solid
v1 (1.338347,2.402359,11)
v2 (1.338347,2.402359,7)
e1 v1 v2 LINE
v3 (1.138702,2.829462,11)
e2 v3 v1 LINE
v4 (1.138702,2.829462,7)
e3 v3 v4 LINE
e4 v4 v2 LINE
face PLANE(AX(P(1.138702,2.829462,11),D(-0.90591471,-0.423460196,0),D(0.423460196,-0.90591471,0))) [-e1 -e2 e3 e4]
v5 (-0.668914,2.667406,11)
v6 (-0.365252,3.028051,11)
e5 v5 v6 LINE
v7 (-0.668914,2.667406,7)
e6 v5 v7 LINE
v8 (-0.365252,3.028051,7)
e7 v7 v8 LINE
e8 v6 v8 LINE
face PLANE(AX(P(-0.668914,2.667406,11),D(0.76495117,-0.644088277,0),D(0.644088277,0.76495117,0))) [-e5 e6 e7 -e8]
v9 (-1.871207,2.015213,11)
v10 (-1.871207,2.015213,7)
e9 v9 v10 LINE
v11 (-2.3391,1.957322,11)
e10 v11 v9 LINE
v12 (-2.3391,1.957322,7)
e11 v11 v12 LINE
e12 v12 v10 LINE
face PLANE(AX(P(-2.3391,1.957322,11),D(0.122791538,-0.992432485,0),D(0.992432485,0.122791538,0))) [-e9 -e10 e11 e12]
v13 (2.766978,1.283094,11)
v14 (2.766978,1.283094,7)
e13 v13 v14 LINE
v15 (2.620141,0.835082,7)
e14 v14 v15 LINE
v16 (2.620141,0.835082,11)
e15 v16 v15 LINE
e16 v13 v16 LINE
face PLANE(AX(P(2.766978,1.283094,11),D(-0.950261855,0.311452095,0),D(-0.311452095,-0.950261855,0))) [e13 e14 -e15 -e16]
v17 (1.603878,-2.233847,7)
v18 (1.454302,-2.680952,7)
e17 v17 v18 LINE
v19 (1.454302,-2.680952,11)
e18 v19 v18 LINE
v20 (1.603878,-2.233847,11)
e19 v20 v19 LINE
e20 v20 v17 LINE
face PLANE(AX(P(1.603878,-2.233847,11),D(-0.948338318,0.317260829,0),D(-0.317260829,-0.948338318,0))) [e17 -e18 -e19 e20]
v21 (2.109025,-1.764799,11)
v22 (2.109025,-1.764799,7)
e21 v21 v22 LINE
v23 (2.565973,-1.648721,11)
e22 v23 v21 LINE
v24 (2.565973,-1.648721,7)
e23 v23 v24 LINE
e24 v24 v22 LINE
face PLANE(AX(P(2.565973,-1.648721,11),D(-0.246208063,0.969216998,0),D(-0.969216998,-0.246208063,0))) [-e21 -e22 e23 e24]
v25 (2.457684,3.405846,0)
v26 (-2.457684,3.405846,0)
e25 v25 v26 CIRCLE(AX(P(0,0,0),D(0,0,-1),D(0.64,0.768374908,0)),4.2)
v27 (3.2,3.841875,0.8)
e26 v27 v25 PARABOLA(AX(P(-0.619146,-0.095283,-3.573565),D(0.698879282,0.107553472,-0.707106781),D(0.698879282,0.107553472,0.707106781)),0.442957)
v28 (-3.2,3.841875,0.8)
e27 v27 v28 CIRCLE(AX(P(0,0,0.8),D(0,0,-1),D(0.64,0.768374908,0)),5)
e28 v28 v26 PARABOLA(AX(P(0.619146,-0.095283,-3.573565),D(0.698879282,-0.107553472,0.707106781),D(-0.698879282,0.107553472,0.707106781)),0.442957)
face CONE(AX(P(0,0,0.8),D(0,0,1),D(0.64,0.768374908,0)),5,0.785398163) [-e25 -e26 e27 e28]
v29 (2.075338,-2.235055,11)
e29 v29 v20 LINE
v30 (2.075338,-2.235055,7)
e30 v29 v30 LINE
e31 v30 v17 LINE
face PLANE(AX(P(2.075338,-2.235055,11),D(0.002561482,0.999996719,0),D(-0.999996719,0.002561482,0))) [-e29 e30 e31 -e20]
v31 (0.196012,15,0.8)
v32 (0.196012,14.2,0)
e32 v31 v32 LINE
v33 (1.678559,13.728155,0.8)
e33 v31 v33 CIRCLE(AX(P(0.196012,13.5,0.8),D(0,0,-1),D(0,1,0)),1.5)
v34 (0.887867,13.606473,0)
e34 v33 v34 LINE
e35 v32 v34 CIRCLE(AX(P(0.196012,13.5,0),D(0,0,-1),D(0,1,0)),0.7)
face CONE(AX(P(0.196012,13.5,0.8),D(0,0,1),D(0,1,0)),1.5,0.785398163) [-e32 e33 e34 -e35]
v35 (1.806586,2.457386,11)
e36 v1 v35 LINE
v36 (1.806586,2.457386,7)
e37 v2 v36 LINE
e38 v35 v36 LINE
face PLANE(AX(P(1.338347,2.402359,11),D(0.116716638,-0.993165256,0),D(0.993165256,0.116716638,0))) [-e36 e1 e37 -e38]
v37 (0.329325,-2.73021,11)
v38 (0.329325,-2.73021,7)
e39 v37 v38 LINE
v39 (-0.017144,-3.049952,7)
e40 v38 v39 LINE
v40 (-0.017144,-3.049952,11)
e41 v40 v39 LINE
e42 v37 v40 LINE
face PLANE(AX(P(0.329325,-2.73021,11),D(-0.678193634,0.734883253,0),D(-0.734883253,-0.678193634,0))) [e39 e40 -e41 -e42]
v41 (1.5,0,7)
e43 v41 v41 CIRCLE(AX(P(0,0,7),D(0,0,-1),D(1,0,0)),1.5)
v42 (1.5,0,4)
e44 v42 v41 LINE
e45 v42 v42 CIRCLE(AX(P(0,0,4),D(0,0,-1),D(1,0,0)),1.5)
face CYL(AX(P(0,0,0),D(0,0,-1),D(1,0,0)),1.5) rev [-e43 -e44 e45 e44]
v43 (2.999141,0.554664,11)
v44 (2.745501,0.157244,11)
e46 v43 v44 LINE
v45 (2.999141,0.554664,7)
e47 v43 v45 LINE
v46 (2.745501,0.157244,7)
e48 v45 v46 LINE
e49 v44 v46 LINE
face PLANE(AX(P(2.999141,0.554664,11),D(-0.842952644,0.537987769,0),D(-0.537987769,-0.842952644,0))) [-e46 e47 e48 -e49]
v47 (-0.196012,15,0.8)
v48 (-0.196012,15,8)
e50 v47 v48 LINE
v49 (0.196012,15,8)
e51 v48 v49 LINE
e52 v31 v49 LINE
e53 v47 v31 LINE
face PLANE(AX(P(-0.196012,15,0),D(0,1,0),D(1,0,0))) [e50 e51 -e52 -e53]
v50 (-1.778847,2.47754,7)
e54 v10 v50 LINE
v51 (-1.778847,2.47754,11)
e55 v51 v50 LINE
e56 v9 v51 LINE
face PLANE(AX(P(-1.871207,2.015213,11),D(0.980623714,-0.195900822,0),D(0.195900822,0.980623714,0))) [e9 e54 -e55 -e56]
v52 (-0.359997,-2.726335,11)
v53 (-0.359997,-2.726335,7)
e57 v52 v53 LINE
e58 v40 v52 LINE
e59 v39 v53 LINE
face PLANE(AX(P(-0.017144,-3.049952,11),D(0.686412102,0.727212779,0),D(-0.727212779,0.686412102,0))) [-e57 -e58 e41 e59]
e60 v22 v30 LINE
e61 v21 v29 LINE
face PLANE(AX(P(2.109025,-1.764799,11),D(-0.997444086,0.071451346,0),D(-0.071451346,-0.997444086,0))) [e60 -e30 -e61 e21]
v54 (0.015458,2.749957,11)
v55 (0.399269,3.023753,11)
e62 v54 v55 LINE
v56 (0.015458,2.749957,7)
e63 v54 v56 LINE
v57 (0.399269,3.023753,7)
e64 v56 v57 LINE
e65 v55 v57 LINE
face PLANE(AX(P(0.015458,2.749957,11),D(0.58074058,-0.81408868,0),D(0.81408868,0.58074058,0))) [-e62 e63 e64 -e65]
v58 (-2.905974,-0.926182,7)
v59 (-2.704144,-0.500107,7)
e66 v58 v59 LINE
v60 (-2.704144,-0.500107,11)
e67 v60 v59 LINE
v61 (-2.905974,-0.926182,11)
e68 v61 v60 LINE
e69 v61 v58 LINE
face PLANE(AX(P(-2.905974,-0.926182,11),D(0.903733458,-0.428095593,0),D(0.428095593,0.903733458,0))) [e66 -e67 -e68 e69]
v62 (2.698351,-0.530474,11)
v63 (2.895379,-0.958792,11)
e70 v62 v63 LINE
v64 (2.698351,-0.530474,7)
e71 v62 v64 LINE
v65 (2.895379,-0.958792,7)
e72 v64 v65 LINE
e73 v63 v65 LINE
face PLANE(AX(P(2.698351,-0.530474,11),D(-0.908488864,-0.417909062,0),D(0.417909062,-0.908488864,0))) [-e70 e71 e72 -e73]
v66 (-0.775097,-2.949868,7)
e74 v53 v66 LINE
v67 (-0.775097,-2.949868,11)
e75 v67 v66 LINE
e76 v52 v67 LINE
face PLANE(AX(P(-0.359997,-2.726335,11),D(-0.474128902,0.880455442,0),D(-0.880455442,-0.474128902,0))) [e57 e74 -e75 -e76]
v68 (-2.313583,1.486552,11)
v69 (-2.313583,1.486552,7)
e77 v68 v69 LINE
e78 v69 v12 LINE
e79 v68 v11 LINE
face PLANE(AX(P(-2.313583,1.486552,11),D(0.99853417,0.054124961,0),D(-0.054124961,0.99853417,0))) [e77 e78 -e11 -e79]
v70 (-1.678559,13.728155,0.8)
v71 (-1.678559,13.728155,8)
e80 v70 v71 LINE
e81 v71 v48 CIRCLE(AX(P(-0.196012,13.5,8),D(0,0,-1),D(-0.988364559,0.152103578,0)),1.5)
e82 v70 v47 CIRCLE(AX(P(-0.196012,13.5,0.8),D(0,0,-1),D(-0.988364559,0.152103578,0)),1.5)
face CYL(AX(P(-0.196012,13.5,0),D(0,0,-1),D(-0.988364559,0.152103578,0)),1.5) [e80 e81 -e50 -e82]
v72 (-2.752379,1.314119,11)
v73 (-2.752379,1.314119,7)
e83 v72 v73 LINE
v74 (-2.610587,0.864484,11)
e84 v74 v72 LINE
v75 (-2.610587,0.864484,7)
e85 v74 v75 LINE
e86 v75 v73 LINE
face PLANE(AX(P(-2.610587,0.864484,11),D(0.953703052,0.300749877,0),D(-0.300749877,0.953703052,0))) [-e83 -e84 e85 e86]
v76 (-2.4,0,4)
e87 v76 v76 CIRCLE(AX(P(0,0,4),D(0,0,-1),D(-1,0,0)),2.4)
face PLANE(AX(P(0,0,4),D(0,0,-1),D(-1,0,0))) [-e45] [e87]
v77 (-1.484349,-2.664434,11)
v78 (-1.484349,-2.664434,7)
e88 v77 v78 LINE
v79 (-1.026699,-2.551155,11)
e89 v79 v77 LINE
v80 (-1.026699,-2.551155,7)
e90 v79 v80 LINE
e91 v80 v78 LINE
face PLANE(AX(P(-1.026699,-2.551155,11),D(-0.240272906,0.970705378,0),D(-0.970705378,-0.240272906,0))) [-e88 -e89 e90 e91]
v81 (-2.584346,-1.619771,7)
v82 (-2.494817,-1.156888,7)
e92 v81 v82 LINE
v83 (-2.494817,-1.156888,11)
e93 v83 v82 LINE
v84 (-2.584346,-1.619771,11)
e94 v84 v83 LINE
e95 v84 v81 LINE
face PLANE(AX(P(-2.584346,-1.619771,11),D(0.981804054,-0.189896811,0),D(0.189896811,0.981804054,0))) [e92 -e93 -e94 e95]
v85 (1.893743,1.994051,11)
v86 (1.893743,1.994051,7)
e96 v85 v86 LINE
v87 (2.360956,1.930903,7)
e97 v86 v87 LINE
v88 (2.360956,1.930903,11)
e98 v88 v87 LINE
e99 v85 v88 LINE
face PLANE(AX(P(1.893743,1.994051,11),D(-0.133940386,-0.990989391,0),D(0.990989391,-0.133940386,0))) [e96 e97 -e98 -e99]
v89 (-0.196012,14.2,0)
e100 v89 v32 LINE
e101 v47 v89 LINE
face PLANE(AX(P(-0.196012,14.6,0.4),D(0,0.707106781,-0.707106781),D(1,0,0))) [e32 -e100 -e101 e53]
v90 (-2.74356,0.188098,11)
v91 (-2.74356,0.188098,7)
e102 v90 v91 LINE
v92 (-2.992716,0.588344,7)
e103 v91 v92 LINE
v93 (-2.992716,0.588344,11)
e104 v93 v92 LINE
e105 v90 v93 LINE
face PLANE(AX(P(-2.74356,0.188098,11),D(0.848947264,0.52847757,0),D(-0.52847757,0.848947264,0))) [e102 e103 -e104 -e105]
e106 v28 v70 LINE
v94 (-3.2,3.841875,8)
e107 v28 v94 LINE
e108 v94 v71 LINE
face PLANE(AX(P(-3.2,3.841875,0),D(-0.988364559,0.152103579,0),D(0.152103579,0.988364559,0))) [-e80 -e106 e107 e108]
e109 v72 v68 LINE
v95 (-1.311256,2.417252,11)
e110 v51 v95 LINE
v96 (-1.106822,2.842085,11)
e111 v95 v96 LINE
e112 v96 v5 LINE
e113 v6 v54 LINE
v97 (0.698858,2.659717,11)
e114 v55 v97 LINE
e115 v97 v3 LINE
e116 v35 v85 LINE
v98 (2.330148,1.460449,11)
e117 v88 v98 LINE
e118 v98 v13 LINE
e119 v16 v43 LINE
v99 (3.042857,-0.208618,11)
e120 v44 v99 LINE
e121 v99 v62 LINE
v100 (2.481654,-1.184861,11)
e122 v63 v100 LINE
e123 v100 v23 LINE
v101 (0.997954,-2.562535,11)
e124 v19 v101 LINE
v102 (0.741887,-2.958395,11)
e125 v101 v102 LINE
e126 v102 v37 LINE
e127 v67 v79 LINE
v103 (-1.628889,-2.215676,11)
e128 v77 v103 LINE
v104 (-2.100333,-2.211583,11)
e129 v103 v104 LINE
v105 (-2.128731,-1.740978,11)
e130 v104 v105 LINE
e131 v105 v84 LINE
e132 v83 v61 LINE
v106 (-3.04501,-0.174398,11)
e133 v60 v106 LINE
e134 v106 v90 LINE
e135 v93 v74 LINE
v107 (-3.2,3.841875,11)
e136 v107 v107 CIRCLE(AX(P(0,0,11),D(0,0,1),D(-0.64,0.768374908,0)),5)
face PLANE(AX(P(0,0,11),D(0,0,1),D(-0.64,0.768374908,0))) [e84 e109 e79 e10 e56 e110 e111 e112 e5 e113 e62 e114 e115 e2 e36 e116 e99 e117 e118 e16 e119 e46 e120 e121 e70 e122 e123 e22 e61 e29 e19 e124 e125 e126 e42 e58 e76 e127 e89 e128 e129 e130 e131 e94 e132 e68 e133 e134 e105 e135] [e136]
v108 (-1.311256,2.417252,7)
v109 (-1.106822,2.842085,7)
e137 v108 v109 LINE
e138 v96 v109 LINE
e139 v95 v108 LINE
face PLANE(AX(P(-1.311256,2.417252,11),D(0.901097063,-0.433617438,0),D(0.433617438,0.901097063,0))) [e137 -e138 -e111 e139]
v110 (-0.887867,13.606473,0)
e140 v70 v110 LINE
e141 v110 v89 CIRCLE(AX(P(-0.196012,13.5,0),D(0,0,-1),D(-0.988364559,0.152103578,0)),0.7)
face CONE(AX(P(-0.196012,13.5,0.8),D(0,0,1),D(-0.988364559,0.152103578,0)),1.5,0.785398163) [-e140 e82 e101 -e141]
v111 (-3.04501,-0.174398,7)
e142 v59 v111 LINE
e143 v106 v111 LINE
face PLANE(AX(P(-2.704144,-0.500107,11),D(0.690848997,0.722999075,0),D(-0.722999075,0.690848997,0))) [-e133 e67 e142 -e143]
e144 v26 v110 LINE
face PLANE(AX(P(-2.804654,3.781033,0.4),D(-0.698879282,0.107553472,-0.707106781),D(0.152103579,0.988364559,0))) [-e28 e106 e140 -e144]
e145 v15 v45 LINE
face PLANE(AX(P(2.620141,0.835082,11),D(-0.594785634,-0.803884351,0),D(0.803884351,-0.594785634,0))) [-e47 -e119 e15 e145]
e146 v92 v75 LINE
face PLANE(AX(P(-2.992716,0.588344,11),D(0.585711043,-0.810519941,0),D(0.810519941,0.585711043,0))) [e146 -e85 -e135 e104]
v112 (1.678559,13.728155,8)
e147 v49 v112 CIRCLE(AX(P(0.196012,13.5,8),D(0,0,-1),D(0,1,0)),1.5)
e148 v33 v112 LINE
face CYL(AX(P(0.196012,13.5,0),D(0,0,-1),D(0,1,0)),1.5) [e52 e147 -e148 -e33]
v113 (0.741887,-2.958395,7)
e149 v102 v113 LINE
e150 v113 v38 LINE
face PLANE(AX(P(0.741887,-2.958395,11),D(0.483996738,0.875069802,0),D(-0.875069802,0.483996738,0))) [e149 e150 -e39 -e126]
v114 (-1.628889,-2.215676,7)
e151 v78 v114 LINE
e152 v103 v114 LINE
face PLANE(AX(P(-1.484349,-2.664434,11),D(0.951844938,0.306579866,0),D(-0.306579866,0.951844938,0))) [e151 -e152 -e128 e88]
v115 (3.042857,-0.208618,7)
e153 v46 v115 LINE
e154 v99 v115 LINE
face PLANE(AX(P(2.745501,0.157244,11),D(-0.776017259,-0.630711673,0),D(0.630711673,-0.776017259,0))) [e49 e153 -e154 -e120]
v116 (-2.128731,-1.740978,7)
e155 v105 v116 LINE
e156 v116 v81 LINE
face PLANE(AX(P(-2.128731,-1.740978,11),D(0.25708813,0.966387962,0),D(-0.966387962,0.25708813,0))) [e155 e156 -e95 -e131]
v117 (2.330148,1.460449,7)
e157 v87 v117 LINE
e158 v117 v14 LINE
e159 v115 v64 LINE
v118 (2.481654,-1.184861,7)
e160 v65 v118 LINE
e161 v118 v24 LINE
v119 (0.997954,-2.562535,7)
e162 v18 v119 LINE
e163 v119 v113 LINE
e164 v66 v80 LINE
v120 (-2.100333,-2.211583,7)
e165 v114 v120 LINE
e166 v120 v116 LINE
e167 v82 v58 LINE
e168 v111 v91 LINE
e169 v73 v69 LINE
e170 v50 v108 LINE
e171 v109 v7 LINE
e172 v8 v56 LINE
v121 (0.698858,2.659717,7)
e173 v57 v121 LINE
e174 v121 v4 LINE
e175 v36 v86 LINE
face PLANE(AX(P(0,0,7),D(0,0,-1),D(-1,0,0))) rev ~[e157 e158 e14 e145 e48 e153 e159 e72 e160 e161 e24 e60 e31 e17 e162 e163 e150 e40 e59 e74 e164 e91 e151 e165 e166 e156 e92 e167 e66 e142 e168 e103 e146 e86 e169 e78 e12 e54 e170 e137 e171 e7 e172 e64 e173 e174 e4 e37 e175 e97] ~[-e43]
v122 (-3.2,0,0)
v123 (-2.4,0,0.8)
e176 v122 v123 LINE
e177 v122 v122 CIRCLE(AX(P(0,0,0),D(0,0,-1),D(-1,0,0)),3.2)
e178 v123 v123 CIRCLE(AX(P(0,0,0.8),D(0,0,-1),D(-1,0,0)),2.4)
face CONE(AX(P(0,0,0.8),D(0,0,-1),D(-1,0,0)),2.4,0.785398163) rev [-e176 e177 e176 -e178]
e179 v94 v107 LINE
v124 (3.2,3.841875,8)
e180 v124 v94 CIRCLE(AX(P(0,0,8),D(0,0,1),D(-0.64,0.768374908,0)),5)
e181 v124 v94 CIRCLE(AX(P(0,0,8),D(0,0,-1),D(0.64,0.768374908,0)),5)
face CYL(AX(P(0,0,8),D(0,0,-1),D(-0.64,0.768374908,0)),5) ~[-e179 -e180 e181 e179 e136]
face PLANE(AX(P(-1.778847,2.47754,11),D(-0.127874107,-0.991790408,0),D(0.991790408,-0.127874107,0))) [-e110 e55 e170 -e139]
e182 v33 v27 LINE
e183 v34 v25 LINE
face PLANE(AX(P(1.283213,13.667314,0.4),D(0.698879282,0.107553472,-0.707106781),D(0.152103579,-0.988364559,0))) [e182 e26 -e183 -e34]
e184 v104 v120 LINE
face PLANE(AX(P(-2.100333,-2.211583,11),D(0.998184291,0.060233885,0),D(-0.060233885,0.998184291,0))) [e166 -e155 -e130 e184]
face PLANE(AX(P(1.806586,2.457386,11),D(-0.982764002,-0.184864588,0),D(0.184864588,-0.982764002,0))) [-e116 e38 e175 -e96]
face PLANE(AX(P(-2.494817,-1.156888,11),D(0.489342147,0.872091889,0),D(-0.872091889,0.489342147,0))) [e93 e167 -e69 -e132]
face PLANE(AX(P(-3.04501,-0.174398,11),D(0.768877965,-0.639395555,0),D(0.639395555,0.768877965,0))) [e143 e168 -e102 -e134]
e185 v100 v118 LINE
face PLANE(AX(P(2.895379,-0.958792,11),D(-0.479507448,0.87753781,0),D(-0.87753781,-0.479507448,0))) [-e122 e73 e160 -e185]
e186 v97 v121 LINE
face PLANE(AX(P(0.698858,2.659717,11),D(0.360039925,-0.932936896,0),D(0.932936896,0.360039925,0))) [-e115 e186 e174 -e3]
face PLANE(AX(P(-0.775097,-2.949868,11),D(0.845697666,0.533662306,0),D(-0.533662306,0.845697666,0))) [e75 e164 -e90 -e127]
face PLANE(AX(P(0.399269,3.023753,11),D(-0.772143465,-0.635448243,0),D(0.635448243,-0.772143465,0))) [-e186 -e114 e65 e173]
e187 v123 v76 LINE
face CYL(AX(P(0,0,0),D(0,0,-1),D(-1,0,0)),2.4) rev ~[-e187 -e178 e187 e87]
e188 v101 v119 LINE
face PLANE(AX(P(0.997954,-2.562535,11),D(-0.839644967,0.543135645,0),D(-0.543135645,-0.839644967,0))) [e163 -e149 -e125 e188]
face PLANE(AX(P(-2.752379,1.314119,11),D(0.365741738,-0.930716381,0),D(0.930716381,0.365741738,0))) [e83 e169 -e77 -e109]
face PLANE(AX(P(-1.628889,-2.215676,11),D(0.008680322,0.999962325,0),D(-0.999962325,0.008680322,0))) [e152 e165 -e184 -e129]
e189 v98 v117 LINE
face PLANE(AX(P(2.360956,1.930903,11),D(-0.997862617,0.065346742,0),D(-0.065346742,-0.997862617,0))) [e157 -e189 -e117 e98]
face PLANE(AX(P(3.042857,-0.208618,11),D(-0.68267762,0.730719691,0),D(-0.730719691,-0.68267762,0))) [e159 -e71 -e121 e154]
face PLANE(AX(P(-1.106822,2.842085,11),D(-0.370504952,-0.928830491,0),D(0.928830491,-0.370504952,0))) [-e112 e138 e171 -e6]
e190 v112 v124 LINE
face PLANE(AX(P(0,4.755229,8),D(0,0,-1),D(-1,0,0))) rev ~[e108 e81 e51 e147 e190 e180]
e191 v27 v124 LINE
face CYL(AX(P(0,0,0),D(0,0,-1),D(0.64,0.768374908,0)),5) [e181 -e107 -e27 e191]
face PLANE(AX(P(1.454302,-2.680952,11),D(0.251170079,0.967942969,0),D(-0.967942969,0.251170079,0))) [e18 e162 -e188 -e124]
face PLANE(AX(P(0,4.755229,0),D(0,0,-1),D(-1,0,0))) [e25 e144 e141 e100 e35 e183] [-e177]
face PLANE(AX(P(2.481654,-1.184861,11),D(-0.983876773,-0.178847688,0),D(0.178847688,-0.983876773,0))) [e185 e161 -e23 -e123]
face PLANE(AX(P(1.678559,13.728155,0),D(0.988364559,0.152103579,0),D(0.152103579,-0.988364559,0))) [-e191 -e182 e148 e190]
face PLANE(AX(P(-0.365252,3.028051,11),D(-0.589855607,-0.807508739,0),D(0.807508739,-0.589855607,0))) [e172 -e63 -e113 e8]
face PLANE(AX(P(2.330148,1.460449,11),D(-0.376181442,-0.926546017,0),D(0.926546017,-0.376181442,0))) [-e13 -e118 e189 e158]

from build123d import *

# Parameters (mm, degrees)
SKETCH1_R           = 1.5
BOSS_EXTRUDE3_DEPTH = 8
SKETCH2_R           = 5
BOSS_EXTRUDE4_DEPTH = 3
CUT_EXTRUDE1_DEPTH  = 4
SKETCH5_R           = 2.4
CUT_EXTRUDE2_DEPTH  = 4
CHAMFER1_SIZE       = 0.8


with BuildPart() as part:
    # Sketch1 → Boss-Extrude3 (new body)
    with BuildSketch(Plane.XY):
        with BuildLine():
            Line((-3.2, 3.841874542), (-1.678558667, 13.728155368))
            ThreePointArc((-1.678558667, 13.728155368), (-1.172681412, 14.638471135), (-0.196011829, 15))
            Line((-0.196011829, 15), (0.196011829, 15))
            ThreePointArc((0.196011829, 15), (1.172681412, 14.638471135), (1.678558667, 13.728155368))
            Line((1.678558667, 13.728155368), (3.2, 3.841874542))
            ThreePointArc((3.2, 3.841874542), (0, -5), (-3.2, 3.841874542))
        make_face()
        Circle(SKETCH1_R, mode=Mode.SUBTRACT)
    extrude(amount=BOSS_EXTRUDE3_DEPTH)

    # Sketch2 → Boss-Extrude4 (add)
    with BuildSketch(Plane.XY.offset(8)):
        with Locations(Location((0, 0, 0), (0, 0, 129.7918195))):
            Circle(SKETCH2_R)
    extrude(amount=BOSS_EXTRUDE4_DEPTH)

    # Sketch4 → Cut-Extrude1 (cut)
    with BuildSketch(Plane.XY.offset(11)):
        Polygon((-2.992716352, 0.588344146), (-2.610587457, 0.864484315), (-2.752379426, 1.314118525), (-2.313582545, 1.48655165), (-2.339100377, 1.957322004), (-1.871206732, 2.015213479), (-1.778847049, 2.477539743), (-1.311256119, 2.417252033), (-1.106822219, 2.842084548), (-0.668914462, 2.667405751), (-0.365251678, 3.028050728), (0.015457551, 2.749956557), (0.399268969, 3.023753345), (0.69885831, 2.659717478), (1.138702078, 2.829462418), (1.33834723, 2.402358568), (1.806586348, 2.457385962), (1.893742872, 1.994050635), (2.360956154, 1.930902908), (2.330147685, 1.460449166), (2.766978401, 1.283094123), (2.620140749, 0.835082305), (2.999141219, 0.554663816), (2.745500733, 0.157244152), (3.042856964, -0.208618059), (2.698350809, -0.53047423), (2.895378816, -0.958791695), (2.48165358, -1.184860965), (2.565973368, -1.648720921), (2.10902493, -1.764798528), (2.075338376, -2.235054949), (1.603878487, -2.233847309), (1.454302241, -2.680952254), (0.99795446, -2.562535248), (0.741886949, -2.95839547), (0.329325284, -2.730209673), (-0.01714383, -3.049951818), (-0.359996611, -2.726334983), (-0.775097398, -2.949868476), (-1.026698595, -2.55115464), (-1.484348746, -2.664434049), (-1.62888933, -2.215675868), (-2.100333004, -2.211583431), (-2.128730958, -1.740978032), (-2.584345614, -1.619770893), (-2.494816591, -1.156888144), (-2.905974285, -0.926182193), (-2.704143722, -0.500106719), (-3.045009904, -0.174398059), (-2.743559558, 0.18809825), align=None)
    extrude(amount=-CUT_EXTRUDE1_DEPTH, mode=Mode.SUBTRACT)

    # Sketch5 → Cut-Extrude2 (cut)
    with BuildSketch(Plane(origin=(0, 0, 0), x_dir=(-1, 0, 0), z_dir=(0, 0, -1))):
        Circle(SKETCH5_R)
    extrude(amount=-CUT_EXTRUDE2_DEPTH, mode=Mode.SUBTRACT)

    # Chamfer1
    chamfer1_edges = [part.edges().sort_by_distance(p)[0] for p in [
        (2.4, 0, 0),
        (-2.439279334, 8.785014955, 0),
        (-1.172681412, 14.638471135, 0),
        (0, 15, 0),
        (1.172681412, 14.638471135, 0),
        (2.439279334, 8.785014955, 0),
        (0, -5, 0),
    ]]
    chamfer(chamfer1_edges, length=CHAMFER1_SIZE)


solid = part.part
